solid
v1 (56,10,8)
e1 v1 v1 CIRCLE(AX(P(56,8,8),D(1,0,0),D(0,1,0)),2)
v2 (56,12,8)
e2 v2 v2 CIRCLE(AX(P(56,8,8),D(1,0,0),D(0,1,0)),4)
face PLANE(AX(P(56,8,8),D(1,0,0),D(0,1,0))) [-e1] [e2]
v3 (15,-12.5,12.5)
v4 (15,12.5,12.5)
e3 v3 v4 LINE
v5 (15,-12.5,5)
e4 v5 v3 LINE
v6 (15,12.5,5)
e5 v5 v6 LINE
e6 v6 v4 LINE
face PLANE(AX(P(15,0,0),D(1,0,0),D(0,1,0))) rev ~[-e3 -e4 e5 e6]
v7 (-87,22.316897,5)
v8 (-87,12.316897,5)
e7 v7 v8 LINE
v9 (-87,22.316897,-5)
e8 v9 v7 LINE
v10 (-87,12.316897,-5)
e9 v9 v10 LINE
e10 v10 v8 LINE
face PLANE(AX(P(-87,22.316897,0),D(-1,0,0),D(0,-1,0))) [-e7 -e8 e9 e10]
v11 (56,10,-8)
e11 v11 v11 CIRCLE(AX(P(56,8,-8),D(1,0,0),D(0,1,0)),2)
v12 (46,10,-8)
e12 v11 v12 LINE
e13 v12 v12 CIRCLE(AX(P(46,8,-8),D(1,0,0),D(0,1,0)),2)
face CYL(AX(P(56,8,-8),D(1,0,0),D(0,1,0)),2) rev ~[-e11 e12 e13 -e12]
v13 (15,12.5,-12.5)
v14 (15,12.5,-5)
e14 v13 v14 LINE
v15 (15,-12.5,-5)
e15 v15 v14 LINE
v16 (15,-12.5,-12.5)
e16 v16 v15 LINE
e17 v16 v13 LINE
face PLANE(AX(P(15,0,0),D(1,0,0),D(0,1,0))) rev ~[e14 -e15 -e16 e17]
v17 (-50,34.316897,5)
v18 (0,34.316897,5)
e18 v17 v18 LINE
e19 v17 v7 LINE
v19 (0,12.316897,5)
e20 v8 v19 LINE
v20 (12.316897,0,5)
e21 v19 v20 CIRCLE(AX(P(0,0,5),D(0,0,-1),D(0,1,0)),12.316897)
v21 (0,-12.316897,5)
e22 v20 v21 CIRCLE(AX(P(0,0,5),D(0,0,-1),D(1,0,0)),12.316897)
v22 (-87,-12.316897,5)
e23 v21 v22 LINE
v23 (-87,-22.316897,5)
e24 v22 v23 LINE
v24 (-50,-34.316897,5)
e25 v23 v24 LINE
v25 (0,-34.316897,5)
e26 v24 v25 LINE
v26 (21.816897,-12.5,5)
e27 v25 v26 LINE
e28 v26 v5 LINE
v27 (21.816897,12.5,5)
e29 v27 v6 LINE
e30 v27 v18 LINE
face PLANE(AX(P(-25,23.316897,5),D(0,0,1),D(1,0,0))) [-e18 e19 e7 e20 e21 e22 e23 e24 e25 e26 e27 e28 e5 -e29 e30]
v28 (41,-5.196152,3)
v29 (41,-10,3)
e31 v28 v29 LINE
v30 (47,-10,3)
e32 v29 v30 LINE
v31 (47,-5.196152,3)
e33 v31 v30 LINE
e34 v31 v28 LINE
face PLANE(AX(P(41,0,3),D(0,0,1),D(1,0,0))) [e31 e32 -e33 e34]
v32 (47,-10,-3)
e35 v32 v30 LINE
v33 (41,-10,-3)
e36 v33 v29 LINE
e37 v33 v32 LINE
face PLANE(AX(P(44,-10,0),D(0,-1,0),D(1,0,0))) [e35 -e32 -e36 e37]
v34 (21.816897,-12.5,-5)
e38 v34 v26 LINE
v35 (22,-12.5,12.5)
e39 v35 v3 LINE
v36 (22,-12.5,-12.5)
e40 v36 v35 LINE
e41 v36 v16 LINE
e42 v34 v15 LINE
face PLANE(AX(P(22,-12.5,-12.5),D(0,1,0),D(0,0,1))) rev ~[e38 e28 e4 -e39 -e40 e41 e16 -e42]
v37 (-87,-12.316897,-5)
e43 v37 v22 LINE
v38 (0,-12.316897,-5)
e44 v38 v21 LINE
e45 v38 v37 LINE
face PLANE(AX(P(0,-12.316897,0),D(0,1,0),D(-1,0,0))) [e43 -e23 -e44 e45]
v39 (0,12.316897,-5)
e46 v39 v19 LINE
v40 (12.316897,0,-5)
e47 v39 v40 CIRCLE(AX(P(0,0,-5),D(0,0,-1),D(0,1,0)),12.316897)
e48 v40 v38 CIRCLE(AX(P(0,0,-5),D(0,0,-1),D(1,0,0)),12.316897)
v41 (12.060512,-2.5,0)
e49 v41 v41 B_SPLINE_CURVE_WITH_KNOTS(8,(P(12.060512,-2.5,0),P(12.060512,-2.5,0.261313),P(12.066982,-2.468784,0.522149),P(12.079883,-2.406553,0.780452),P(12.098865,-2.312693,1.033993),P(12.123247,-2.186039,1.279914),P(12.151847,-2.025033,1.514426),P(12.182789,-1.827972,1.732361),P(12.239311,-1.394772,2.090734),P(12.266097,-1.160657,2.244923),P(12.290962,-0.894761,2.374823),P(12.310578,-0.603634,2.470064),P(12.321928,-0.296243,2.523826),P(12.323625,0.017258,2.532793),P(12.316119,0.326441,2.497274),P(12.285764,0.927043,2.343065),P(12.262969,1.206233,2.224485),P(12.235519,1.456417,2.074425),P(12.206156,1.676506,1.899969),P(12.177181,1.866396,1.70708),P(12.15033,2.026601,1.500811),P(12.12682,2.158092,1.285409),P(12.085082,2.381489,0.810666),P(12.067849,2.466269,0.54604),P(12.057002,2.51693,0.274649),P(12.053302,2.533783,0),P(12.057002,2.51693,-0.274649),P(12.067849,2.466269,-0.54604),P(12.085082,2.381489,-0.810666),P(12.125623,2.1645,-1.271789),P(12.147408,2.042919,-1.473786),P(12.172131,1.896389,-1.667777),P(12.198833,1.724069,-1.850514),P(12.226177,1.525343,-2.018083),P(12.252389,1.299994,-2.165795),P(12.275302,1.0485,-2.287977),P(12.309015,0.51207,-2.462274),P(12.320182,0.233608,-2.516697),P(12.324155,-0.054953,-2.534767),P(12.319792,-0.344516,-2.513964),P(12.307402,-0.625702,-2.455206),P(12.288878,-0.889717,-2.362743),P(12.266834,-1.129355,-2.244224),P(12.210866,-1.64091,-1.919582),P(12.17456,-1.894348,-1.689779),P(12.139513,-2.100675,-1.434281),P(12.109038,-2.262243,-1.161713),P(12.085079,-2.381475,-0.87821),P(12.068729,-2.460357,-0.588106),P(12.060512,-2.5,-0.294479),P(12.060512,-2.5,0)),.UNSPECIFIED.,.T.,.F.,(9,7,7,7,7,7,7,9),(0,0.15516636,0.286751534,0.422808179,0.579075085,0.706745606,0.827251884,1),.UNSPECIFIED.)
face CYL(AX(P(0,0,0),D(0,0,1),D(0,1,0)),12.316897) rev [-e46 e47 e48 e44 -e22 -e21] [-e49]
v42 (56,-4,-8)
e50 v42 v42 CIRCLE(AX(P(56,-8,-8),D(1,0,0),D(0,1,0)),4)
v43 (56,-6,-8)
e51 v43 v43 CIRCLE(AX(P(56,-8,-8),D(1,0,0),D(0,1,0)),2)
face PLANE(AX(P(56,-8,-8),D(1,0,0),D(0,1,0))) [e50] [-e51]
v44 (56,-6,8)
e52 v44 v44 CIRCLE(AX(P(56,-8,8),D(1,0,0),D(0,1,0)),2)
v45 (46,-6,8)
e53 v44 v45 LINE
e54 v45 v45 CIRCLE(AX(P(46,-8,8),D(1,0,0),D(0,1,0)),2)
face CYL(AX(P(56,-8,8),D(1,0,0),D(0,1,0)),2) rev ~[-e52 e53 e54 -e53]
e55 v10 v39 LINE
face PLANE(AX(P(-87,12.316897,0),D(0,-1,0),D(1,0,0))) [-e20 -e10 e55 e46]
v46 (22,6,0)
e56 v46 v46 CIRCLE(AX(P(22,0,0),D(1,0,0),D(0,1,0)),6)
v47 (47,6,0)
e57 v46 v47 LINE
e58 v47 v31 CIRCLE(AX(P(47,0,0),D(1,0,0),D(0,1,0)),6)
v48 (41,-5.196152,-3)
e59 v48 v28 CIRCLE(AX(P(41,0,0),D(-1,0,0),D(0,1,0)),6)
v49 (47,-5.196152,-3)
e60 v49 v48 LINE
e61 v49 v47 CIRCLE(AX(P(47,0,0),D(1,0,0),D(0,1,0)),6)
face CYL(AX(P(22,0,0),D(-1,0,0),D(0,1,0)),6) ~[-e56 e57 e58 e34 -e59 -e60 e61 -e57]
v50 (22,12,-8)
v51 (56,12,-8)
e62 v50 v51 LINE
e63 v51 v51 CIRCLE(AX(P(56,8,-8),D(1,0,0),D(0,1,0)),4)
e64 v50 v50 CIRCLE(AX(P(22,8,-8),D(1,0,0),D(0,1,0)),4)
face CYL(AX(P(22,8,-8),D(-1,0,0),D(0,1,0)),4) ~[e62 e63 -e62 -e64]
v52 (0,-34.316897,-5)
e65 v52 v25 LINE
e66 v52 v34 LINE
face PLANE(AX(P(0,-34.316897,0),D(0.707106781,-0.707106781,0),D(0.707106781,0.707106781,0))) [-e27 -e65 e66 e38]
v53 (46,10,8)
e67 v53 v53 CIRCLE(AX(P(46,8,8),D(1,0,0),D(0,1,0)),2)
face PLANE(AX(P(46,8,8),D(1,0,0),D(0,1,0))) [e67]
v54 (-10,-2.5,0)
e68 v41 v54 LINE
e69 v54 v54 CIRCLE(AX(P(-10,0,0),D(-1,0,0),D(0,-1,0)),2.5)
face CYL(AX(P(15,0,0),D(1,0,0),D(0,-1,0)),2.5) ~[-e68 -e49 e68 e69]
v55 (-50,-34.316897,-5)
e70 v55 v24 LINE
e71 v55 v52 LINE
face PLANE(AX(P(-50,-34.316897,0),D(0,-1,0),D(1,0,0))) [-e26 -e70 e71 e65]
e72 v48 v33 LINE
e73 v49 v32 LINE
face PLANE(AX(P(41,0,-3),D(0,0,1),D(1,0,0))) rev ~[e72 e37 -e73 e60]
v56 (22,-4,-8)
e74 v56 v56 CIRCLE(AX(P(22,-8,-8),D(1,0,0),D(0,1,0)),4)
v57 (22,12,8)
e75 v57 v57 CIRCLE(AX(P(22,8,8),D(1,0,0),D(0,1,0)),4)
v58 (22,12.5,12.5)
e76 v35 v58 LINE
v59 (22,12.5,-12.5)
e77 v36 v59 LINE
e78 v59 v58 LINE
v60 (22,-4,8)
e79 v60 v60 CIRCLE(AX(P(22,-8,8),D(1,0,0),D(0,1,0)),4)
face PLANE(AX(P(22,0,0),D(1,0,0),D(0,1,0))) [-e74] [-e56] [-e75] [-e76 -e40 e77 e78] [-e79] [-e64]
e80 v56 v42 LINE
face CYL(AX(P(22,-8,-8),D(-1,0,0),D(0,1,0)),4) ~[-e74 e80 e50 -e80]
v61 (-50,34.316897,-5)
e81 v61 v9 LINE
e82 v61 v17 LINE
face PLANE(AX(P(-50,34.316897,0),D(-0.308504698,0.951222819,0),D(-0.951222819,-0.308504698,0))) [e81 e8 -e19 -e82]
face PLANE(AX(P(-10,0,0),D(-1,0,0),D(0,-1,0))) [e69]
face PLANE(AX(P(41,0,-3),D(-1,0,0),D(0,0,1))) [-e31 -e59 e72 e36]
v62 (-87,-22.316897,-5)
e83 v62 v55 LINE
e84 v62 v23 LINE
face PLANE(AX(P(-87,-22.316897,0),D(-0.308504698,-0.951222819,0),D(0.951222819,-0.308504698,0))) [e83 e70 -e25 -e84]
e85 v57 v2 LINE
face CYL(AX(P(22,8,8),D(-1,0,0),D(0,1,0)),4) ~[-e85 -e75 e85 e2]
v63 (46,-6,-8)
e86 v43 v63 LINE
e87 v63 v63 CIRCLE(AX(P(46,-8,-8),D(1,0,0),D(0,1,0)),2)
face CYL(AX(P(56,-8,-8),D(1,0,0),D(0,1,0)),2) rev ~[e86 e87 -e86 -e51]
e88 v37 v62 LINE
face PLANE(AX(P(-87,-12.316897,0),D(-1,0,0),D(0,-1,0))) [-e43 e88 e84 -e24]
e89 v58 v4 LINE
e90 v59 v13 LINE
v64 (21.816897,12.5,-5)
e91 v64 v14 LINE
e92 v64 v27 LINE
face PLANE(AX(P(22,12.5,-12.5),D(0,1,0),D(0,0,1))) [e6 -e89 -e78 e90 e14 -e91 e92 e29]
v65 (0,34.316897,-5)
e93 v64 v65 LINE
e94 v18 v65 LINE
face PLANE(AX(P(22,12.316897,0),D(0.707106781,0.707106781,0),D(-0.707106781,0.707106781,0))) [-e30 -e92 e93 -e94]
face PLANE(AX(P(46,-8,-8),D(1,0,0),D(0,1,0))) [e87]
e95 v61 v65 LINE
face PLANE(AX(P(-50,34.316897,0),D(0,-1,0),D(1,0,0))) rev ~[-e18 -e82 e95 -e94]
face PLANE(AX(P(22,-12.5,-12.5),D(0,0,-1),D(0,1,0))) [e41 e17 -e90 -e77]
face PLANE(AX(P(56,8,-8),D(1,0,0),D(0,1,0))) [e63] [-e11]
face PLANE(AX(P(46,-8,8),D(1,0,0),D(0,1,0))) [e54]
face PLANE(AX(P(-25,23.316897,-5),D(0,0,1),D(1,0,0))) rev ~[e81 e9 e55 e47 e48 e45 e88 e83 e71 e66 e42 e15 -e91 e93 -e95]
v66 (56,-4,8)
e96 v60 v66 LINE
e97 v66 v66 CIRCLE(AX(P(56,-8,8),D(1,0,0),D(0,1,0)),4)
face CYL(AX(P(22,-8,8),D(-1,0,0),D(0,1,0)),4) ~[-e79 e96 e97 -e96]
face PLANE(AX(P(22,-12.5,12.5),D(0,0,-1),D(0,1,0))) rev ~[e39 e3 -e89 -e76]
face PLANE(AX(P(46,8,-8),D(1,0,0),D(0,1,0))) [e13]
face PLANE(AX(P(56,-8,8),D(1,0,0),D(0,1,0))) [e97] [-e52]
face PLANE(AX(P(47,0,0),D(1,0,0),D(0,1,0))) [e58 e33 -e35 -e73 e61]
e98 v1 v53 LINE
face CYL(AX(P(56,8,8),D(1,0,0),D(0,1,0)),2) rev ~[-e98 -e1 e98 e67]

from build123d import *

# Parameters (mm, degrees)
F0_W      = 50
F0_H      = 22
F1_DEPTH  = 5
F2_W      = 25
F2_H      = 25
F3_DEPTH  = 7
F4_R      = 6
F5_DEPTH  = 25
F6_R      = 4
F7_DEPTH  = 34
F8_R      = 2
F9_DEPTH  = 10
F10_R     = 2.5
F11_DEPTH = 25
F12_W     = 6
F12_H     = 6
F13_DEPTH = 10


with BuildPart() as f1:
    # F0 (on Top) → F1 (new body, symmetric)
    with BuildSketch(Plane.XY):
        with Locations((-25, 23.3168965802)):
            Rectangle(F0_W, F0_H)
        Polygon((-50, 12.3168965802), (-50, 34.3168965802), (-87, 22.3168965802), (-87, 12.3168965802), align=None)
        Polygon((22, 12.3168965802), (0, 34.3168965802), (0, 12.3168965802), align=None)
        with BuildLine():
            Line((22, 12.3168965802), (0, 12.3168965802))
            ThreePointArc((0, 12.3168965802), (8.709361095, 8.709361095), (12.3168965802, 0))
            Line((12.3168965802, 0), (22, 0))
            Line((22, 0), (22, 12.3168965802))
        make_face()
        with BuildLine():
            Line((22, 0), (12.3168965802, 0))
            ThreePointArc((12.3168965802, 0), (8.709361095, -8.709361095), (0, -12.3168965802))
            Line((0, -12.3168965802), (22, -12.3168965802))
            Line((22, -12.3168965802), (22, 0))
        make_face()
        Polygon((22, -12.3168965802), (0, -12.3168965802), (-50, -12.3168965802), (-87, -12.3168965802), (-87, -22.3168965802), (-50, -34.3168965802), (0, -34.3168965802), align=None)
    extrude(amount=F1_DEPTH, both=True)

    # F2 (on face) → F3 (join)
    with BuildSketch(Plane.YZ.offset(22)):
        Rectangle(F2_W, F2_H)
    extrude(amount=-F3_DEPTH)

    # F4 (on face) → F5 (join)
    with BuildSketch(Plane.YZ.offset(22)):
        Circle(F4_R)
    extrude(amount=F5_DEPTH)

    # F6 (on face) → F7 (join)
    with BuildSketch(Plane.YZ.offset(22)):
        with Locations((8, 8)):
            Circle(F6_R)
        with Locations((-8, 8)):
            Circle(F6_R)
        with Locations((8, -8)):
            Circle(F6_R)
        with Locations((-8, -8)):
            Circle(F6_R)
    extrude(amount=F7_DEPTH)

    # F8 (on face) → F9 (cut)
    with BuildSketch(Plane.YZ.offset(56)):
        with Locations((8, 8)):
            Circle(F8_R)
        with Locations((-8, 8)):
            Circle(F8_R)
        with Locations((8, -8)):
            Circle(F8_R)
        with Locations((-8, -8)):
            Circle(F8_R)
    extrude(amount=-F9_DEPTH, mode=Mode.SUBTRACT)

    # F10 (on face) → F11 (join)
    with BuildSketch(Plane(origin=(15, 0, 0), x_dir=(0, -1, 0), z_dir=(-1, 0, 0))):
        Circle(F10_R)
    extrude(amount=F11_DEPTH)

    # F12 (on Front) → F13 (join)
    with BuildSketch(Plane.XZ):
        with Locations((44, 0)):
            Rectangle(F12_W, F12_H)
    extrude(amount=F13_DEPTH)


solid = f1.part
